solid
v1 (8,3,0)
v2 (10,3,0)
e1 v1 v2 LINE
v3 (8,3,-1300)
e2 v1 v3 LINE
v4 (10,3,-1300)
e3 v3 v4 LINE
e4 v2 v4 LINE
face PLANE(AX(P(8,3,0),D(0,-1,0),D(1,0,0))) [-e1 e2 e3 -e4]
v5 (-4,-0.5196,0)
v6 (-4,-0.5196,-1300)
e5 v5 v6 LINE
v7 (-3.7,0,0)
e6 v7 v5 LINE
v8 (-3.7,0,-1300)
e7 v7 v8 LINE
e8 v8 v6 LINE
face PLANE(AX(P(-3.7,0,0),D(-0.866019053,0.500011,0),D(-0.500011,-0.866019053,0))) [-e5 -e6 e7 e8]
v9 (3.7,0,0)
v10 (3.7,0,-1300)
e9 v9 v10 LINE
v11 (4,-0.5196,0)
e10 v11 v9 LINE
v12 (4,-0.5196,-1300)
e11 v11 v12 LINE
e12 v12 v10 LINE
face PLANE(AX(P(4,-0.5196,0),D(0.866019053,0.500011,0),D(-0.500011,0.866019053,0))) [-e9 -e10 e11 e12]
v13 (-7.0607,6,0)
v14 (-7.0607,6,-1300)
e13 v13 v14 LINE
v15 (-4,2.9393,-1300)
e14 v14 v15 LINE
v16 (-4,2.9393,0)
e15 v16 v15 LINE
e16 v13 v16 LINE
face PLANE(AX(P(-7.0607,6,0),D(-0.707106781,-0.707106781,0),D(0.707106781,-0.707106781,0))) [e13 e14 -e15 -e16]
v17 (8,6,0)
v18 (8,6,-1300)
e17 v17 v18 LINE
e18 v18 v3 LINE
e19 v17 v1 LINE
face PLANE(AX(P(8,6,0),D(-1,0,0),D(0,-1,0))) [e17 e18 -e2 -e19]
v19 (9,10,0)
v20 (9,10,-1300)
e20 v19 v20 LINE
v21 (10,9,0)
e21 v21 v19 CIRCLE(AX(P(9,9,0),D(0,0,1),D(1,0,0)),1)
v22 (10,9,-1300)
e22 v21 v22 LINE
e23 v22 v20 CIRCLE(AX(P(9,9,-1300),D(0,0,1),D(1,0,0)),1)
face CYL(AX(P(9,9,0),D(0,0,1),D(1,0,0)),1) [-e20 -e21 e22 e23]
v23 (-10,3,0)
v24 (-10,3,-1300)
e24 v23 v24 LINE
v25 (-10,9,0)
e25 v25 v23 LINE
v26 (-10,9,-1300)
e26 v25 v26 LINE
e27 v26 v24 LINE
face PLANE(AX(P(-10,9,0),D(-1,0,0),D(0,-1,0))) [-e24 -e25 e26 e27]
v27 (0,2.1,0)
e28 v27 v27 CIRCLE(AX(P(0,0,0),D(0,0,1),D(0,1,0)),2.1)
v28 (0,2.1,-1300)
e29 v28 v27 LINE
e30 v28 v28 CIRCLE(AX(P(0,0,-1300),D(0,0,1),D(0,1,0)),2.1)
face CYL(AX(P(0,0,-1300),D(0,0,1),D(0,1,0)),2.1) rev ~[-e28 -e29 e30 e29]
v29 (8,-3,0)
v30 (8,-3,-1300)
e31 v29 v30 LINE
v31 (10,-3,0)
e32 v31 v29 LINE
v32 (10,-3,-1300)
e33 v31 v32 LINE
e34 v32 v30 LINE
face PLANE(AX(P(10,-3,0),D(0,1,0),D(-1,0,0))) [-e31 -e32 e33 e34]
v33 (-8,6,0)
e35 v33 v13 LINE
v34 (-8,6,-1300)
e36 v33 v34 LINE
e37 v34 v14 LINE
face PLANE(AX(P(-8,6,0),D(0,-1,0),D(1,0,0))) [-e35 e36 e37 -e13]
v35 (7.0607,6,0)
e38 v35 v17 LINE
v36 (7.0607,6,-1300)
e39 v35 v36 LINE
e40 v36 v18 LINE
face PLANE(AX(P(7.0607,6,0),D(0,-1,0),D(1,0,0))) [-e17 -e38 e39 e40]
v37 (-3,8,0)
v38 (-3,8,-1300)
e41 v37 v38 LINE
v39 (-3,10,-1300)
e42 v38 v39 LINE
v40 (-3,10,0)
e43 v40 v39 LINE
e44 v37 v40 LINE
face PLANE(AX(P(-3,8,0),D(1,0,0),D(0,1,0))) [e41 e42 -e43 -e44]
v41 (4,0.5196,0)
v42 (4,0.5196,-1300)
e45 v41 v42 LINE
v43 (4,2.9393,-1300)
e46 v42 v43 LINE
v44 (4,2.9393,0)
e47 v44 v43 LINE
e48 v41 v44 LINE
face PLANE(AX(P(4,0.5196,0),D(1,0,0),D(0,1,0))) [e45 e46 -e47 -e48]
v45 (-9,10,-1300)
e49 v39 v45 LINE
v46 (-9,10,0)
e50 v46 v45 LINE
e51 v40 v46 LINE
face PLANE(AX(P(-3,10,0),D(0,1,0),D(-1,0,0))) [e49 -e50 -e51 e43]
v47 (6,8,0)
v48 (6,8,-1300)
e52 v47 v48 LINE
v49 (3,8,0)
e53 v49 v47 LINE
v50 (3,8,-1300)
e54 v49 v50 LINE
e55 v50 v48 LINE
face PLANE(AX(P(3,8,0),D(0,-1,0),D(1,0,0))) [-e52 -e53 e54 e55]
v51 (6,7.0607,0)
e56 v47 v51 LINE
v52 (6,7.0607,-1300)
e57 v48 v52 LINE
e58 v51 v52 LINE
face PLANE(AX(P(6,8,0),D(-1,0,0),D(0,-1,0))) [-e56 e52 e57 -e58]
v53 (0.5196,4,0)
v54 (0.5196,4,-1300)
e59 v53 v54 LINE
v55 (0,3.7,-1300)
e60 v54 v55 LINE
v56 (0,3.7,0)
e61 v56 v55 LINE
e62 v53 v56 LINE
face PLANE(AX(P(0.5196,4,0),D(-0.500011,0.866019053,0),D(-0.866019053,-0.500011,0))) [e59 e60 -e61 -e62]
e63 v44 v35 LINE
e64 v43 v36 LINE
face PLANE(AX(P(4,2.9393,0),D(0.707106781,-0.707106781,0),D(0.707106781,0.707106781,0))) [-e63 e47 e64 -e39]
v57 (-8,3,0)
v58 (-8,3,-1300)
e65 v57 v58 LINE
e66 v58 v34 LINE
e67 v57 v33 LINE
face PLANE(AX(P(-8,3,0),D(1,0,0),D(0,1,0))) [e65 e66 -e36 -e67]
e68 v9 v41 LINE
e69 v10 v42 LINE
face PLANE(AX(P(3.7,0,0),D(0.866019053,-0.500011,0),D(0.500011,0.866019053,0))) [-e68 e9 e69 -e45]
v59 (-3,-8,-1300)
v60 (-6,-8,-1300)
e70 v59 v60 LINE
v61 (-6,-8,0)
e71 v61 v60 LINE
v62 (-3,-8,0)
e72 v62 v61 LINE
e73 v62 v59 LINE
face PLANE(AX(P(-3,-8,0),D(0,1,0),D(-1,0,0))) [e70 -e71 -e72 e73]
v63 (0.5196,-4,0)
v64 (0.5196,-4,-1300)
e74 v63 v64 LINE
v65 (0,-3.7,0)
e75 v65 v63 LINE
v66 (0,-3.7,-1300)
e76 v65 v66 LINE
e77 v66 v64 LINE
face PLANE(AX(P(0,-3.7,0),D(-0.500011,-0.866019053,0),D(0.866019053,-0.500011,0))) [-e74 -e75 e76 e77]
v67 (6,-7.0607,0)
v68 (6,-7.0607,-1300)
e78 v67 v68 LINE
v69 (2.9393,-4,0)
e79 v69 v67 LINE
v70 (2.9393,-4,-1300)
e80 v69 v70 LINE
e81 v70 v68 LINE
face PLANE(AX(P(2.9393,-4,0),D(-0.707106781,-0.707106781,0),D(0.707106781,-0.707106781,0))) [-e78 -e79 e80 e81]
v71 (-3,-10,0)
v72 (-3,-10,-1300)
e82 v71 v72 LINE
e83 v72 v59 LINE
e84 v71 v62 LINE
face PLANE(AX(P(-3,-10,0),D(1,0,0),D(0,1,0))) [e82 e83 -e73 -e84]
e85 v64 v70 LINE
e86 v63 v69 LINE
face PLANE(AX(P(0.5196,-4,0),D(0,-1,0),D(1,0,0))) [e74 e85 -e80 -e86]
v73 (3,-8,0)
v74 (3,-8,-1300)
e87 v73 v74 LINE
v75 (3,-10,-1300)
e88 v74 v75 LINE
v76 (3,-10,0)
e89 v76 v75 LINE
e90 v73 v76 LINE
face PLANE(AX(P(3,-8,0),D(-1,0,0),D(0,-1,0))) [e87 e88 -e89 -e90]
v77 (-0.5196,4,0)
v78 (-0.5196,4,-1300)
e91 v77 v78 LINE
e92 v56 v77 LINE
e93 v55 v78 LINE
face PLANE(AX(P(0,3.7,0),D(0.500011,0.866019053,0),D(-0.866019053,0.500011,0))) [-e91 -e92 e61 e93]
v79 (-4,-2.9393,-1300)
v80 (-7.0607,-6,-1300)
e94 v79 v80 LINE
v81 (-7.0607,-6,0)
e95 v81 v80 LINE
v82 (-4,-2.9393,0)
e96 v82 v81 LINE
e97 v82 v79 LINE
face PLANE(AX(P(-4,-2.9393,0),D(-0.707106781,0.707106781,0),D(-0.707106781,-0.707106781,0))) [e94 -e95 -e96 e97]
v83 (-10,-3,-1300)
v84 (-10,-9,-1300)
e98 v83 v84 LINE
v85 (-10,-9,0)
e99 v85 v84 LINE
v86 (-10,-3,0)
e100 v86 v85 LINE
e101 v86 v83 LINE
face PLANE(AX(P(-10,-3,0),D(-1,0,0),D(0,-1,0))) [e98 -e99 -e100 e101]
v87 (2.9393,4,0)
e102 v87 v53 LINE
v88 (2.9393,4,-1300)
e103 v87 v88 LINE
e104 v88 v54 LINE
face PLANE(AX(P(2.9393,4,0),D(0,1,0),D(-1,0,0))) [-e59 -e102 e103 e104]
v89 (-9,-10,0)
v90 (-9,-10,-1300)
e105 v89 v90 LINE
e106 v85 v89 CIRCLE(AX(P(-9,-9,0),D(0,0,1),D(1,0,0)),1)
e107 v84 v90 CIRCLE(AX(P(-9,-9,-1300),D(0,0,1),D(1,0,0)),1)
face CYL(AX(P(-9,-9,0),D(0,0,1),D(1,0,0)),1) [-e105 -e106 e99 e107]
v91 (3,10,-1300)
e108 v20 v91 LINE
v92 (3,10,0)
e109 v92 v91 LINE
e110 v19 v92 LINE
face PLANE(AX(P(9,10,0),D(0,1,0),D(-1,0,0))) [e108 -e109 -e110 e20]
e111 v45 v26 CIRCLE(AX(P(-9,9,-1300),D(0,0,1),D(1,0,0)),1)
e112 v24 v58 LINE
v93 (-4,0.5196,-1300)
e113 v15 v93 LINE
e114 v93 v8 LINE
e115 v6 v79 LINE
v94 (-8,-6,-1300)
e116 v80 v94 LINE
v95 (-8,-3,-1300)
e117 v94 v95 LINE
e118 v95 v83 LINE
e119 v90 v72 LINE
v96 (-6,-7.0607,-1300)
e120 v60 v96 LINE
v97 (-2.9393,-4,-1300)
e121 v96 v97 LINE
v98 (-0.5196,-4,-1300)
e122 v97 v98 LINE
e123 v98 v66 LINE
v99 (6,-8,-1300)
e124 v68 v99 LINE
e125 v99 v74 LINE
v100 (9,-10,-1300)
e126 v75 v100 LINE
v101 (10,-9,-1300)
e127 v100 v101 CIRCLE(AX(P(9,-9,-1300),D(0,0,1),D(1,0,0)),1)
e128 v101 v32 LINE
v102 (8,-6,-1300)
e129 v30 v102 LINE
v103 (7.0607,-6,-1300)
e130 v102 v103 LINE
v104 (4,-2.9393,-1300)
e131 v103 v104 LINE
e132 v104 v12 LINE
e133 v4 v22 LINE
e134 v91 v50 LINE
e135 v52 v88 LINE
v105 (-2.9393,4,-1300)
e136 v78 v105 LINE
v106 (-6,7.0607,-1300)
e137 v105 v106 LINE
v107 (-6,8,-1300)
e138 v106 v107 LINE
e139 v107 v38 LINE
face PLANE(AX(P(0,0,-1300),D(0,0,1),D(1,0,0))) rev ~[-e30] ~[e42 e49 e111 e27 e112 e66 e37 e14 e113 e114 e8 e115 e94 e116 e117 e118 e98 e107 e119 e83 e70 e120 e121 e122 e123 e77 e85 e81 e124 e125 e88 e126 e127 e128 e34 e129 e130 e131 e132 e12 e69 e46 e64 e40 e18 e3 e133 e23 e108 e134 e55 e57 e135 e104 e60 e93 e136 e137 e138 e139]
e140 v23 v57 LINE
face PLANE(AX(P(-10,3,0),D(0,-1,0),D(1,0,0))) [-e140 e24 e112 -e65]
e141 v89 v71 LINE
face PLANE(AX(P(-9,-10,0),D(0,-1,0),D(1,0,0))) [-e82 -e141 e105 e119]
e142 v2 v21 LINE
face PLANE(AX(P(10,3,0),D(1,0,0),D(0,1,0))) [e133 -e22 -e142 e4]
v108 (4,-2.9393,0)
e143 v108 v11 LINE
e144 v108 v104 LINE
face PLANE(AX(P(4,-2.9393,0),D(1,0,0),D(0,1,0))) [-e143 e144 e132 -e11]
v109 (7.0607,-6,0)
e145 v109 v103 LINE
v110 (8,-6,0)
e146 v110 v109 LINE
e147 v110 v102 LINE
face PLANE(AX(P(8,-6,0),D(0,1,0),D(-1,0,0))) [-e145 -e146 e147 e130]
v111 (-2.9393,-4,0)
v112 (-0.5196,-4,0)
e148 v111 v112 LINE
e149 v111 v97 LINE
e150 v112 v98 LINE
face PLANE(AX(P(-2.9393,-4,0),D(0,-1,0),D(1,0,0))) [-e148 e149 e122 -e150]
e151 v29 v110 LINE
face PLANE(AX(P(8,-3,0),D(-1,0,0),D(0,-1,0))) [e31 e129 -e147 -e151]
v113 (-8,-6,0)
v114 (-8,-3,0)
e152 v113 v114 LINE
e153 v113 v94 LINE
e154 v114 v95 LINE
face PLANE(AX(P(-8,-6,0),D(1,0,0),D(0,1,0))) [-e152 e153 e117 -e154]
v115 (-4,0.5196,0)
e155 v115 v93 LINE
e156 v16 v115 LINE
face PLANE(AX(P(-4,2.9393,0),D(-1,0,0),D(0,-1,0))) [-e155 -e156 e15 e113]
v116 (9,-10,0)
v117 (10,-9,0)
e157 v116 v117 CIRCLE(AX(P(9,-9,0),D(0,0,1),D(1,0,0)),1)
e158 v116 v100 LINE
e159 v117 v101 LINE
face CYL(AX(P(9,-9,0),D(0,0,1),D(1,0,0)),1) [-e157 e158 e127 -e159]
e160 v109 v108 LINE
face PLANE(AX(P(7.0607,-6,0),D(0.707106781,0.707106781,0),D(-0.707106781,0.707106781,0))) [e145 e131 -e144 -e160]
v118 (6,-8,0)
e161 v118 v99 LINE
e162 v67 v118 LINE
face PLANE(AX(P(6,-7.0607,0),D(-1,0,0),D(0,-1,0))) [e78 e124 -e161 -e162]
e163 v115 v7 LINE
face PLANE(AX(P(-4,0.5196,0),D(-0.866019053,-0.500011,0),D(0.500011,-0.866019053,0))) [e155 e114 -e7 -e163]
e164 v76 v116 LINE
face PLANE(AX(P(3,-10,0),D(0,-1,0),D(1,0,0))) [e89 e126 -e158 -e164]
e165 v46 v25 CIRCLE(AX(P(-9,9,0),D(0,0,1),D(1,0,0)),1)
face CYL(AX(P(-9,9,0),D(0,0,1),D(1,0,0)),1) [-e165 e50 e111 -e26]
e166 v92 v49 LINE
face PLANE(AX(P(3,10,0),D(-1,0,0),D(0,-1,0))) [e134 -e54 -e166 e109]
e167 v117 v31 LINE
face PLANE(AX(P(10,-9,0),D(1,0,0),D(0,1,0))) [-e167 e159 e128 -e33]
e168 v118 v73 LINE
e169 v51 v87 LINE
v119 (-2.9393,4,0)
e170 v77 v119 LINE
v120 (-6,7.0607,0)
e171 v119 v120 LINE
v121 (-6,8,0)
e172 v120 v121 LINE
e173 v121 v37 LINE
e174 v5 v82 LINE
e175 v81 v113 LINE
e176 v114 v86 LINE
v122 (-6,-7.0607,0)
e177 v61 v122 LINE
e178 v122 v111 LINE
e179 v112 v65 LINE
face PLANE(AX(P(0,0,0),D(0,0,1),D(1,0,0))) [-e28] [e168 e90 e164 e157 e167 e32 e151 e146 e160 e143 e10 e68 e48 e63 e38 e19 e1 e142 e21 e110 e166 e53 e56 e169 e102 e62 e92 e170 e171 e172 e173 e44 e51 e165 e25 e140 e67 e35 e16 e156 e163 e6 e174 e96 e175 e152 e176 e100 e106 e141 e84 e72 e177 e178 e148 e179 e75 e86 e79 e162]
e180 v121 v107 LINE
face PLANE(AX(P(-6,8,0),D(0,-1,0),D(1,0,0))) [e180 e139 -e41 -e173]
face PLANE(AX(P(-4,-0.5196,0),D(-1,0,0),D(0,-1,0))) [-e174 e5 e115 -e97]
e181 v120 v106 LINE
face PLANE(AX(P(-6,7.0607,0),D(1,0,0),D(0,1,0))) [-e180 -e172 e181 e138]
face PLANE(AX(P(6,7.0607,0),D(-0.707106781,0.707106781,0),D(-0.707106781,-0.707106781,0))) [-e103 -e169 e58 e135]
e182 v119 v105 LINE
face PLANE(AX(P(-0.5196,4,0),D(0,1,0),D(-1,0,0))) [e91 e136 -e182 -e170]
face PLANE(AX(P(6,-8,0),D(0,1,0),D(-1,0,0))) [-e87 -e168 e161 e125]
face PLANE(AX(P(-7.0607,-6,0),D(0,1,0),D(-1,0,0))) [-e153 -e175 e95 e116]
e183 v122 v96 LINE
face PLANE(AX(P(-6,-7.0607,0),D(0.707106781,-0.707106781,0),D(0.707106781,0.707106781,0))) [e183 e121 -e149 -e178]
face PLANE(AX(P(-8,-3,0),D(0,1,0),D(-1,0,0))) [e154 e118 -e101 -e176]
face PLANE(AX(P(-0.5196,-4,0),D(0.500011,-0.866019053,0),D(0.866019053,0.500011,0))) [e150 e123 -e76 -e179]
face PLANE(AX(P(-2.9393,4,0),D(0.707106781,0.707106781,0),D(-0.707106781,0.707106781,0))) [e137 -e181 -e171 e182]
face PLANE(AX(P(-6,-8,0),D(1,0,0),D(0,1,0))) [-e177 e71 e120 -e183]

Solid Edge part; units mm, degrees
sketch "Sketch1" plane through (0, 0, 0) normal (0, 0, 1) x (1, 0, 0)
  line L0 (-10, -3) -> (-10, -9)
  arc A0 (-10, -9) -> (-9, -10) centre (-9, -9) ccw
  line L1 (-9, -10) -> (-3, -10)
  line L2 (-3, -10) -> (-3, -8)
  line L3 (-3, -8) -> (-6, -8)
  line L4 (-6, -8) -> (-6, -7.0607)
  line L5 (-6, -7.0607) -> (-2.9393, -4)
  line L6 (-2.9393, -4) -> (-0.5196, -4)
  line L7 (-0.5196, -4) -> (0, -3.7)
  line L8 (0, -3.7) -> (0.5196, -4)
  line L9 (0.5196, -4) -> (2.9393, -4)
  line L10 (2.9393, -4) -> (6, -7.0607)
  line L11 (6, -7.0607) -> (6, -8)
  line L12 (6, -8) -> (3, -8)
  line L13 (3, -8) -> (3, -10)
  line L14 (3, -10) -> (9, -10)
  arc A1 (9, -10) -> (10, -9) centre (9, -9) ccw
  line L15 (10, -9) -> (10, -3)
  line L16 (10, -3) -> (8, -3)
  line L17 (8, -3) -> (8, -6)
  line L18 (8, -6) -> (7.0607, -6)
  line L19 (7.0607, -6) -> (4, -2.9393)
  line L20 (4, -2.9393) -> (4, -0.5196)
  line L21 (4, -0.5196) -> (3.7, 0)
  line L22 (3.7, 0) -> (4, 0.5196)
  line L23 (4, 0.5196) -> (4, 2.9393)
  line L24 (4, 2.9393) -> (7.0607, 6)
  line L25 (7.0607, 6) -> (8, 6)
  line L26 (8, 6) -> (8, 3)
  line L27 (8, 3) -> (10, 3)
  line L28 (10, 3) -> (10, 9)
  arc A2 (10, 9) -> (9, 10) centre (9, 9) ccw
  line L29 (9, 10) -> (3, 10)
  line L30 (3, 10) -> (3, 8)
  line L31 (3, 8) -> (6, 8)
  line L32 (6, 8) -> (6, 7.0607)
  line L33 (6, 7.0607) -> (2.9393, 4)
  line L34 (2.9393, 4) -> (0.5196, 4)
  line L35 (0.5196, 4) -> (0, 3.7)
  line L36 (0, 3.7) -> (-0.5196, 4)
  line L37 (-0.5196, 4) -> (-2.9393, 4)
  line L38 (-2.9393, 4) -> (-6, 7.0607)
  line L39 (-6, 7.0607) -> (-6, 8)
  line L40 (-6, 8) -> (-3, 8)
  line L41 (-3, 8) -> (-3, 10)
  line L42 (-3, 10) -> (-9, 10)
  arc A3 (-9, 10) -> (-10, 9) centre (-9, 9) ccw
  line L43 (-10, 9) -> (-10, 3)
  line L44 (-10, 3) -> (-8, 3)
  line L45 (-8, 3) -> (-8, 6)
  line L46 (-8, 6) -> (-7.0607, 6)
  line L47 (-7.0607, 6) -> (-4, 2.9393)
  line L48 (-4, 2.9393) -> (-4, 0.5196)
  line L49 (-4, 0.5196) -> (-3.7, 0)
  line L50 (-3.7, 0) -> (-4, -0.5196)
  line L51 (-4, -0.5196) -> (-4, -2.9393)
  line L52 (-4, -2.9393) -> (-7.0607, -6)
  line L53 (-7.0607, -6) -> (-8, -6)
  line L54 (-8, -6) -> (-8, -3)
  line L55 (-8, -3) -> (-10, -3)
extrude "Protrusion1" add sketch "Sketch1" against normal blind 1300
hole "Bohrung_1" at (0, 0, -1300) direction (0, 0, 1) diameter 4.2 depth 1300
properties part number "HFS5-2020-1300"
